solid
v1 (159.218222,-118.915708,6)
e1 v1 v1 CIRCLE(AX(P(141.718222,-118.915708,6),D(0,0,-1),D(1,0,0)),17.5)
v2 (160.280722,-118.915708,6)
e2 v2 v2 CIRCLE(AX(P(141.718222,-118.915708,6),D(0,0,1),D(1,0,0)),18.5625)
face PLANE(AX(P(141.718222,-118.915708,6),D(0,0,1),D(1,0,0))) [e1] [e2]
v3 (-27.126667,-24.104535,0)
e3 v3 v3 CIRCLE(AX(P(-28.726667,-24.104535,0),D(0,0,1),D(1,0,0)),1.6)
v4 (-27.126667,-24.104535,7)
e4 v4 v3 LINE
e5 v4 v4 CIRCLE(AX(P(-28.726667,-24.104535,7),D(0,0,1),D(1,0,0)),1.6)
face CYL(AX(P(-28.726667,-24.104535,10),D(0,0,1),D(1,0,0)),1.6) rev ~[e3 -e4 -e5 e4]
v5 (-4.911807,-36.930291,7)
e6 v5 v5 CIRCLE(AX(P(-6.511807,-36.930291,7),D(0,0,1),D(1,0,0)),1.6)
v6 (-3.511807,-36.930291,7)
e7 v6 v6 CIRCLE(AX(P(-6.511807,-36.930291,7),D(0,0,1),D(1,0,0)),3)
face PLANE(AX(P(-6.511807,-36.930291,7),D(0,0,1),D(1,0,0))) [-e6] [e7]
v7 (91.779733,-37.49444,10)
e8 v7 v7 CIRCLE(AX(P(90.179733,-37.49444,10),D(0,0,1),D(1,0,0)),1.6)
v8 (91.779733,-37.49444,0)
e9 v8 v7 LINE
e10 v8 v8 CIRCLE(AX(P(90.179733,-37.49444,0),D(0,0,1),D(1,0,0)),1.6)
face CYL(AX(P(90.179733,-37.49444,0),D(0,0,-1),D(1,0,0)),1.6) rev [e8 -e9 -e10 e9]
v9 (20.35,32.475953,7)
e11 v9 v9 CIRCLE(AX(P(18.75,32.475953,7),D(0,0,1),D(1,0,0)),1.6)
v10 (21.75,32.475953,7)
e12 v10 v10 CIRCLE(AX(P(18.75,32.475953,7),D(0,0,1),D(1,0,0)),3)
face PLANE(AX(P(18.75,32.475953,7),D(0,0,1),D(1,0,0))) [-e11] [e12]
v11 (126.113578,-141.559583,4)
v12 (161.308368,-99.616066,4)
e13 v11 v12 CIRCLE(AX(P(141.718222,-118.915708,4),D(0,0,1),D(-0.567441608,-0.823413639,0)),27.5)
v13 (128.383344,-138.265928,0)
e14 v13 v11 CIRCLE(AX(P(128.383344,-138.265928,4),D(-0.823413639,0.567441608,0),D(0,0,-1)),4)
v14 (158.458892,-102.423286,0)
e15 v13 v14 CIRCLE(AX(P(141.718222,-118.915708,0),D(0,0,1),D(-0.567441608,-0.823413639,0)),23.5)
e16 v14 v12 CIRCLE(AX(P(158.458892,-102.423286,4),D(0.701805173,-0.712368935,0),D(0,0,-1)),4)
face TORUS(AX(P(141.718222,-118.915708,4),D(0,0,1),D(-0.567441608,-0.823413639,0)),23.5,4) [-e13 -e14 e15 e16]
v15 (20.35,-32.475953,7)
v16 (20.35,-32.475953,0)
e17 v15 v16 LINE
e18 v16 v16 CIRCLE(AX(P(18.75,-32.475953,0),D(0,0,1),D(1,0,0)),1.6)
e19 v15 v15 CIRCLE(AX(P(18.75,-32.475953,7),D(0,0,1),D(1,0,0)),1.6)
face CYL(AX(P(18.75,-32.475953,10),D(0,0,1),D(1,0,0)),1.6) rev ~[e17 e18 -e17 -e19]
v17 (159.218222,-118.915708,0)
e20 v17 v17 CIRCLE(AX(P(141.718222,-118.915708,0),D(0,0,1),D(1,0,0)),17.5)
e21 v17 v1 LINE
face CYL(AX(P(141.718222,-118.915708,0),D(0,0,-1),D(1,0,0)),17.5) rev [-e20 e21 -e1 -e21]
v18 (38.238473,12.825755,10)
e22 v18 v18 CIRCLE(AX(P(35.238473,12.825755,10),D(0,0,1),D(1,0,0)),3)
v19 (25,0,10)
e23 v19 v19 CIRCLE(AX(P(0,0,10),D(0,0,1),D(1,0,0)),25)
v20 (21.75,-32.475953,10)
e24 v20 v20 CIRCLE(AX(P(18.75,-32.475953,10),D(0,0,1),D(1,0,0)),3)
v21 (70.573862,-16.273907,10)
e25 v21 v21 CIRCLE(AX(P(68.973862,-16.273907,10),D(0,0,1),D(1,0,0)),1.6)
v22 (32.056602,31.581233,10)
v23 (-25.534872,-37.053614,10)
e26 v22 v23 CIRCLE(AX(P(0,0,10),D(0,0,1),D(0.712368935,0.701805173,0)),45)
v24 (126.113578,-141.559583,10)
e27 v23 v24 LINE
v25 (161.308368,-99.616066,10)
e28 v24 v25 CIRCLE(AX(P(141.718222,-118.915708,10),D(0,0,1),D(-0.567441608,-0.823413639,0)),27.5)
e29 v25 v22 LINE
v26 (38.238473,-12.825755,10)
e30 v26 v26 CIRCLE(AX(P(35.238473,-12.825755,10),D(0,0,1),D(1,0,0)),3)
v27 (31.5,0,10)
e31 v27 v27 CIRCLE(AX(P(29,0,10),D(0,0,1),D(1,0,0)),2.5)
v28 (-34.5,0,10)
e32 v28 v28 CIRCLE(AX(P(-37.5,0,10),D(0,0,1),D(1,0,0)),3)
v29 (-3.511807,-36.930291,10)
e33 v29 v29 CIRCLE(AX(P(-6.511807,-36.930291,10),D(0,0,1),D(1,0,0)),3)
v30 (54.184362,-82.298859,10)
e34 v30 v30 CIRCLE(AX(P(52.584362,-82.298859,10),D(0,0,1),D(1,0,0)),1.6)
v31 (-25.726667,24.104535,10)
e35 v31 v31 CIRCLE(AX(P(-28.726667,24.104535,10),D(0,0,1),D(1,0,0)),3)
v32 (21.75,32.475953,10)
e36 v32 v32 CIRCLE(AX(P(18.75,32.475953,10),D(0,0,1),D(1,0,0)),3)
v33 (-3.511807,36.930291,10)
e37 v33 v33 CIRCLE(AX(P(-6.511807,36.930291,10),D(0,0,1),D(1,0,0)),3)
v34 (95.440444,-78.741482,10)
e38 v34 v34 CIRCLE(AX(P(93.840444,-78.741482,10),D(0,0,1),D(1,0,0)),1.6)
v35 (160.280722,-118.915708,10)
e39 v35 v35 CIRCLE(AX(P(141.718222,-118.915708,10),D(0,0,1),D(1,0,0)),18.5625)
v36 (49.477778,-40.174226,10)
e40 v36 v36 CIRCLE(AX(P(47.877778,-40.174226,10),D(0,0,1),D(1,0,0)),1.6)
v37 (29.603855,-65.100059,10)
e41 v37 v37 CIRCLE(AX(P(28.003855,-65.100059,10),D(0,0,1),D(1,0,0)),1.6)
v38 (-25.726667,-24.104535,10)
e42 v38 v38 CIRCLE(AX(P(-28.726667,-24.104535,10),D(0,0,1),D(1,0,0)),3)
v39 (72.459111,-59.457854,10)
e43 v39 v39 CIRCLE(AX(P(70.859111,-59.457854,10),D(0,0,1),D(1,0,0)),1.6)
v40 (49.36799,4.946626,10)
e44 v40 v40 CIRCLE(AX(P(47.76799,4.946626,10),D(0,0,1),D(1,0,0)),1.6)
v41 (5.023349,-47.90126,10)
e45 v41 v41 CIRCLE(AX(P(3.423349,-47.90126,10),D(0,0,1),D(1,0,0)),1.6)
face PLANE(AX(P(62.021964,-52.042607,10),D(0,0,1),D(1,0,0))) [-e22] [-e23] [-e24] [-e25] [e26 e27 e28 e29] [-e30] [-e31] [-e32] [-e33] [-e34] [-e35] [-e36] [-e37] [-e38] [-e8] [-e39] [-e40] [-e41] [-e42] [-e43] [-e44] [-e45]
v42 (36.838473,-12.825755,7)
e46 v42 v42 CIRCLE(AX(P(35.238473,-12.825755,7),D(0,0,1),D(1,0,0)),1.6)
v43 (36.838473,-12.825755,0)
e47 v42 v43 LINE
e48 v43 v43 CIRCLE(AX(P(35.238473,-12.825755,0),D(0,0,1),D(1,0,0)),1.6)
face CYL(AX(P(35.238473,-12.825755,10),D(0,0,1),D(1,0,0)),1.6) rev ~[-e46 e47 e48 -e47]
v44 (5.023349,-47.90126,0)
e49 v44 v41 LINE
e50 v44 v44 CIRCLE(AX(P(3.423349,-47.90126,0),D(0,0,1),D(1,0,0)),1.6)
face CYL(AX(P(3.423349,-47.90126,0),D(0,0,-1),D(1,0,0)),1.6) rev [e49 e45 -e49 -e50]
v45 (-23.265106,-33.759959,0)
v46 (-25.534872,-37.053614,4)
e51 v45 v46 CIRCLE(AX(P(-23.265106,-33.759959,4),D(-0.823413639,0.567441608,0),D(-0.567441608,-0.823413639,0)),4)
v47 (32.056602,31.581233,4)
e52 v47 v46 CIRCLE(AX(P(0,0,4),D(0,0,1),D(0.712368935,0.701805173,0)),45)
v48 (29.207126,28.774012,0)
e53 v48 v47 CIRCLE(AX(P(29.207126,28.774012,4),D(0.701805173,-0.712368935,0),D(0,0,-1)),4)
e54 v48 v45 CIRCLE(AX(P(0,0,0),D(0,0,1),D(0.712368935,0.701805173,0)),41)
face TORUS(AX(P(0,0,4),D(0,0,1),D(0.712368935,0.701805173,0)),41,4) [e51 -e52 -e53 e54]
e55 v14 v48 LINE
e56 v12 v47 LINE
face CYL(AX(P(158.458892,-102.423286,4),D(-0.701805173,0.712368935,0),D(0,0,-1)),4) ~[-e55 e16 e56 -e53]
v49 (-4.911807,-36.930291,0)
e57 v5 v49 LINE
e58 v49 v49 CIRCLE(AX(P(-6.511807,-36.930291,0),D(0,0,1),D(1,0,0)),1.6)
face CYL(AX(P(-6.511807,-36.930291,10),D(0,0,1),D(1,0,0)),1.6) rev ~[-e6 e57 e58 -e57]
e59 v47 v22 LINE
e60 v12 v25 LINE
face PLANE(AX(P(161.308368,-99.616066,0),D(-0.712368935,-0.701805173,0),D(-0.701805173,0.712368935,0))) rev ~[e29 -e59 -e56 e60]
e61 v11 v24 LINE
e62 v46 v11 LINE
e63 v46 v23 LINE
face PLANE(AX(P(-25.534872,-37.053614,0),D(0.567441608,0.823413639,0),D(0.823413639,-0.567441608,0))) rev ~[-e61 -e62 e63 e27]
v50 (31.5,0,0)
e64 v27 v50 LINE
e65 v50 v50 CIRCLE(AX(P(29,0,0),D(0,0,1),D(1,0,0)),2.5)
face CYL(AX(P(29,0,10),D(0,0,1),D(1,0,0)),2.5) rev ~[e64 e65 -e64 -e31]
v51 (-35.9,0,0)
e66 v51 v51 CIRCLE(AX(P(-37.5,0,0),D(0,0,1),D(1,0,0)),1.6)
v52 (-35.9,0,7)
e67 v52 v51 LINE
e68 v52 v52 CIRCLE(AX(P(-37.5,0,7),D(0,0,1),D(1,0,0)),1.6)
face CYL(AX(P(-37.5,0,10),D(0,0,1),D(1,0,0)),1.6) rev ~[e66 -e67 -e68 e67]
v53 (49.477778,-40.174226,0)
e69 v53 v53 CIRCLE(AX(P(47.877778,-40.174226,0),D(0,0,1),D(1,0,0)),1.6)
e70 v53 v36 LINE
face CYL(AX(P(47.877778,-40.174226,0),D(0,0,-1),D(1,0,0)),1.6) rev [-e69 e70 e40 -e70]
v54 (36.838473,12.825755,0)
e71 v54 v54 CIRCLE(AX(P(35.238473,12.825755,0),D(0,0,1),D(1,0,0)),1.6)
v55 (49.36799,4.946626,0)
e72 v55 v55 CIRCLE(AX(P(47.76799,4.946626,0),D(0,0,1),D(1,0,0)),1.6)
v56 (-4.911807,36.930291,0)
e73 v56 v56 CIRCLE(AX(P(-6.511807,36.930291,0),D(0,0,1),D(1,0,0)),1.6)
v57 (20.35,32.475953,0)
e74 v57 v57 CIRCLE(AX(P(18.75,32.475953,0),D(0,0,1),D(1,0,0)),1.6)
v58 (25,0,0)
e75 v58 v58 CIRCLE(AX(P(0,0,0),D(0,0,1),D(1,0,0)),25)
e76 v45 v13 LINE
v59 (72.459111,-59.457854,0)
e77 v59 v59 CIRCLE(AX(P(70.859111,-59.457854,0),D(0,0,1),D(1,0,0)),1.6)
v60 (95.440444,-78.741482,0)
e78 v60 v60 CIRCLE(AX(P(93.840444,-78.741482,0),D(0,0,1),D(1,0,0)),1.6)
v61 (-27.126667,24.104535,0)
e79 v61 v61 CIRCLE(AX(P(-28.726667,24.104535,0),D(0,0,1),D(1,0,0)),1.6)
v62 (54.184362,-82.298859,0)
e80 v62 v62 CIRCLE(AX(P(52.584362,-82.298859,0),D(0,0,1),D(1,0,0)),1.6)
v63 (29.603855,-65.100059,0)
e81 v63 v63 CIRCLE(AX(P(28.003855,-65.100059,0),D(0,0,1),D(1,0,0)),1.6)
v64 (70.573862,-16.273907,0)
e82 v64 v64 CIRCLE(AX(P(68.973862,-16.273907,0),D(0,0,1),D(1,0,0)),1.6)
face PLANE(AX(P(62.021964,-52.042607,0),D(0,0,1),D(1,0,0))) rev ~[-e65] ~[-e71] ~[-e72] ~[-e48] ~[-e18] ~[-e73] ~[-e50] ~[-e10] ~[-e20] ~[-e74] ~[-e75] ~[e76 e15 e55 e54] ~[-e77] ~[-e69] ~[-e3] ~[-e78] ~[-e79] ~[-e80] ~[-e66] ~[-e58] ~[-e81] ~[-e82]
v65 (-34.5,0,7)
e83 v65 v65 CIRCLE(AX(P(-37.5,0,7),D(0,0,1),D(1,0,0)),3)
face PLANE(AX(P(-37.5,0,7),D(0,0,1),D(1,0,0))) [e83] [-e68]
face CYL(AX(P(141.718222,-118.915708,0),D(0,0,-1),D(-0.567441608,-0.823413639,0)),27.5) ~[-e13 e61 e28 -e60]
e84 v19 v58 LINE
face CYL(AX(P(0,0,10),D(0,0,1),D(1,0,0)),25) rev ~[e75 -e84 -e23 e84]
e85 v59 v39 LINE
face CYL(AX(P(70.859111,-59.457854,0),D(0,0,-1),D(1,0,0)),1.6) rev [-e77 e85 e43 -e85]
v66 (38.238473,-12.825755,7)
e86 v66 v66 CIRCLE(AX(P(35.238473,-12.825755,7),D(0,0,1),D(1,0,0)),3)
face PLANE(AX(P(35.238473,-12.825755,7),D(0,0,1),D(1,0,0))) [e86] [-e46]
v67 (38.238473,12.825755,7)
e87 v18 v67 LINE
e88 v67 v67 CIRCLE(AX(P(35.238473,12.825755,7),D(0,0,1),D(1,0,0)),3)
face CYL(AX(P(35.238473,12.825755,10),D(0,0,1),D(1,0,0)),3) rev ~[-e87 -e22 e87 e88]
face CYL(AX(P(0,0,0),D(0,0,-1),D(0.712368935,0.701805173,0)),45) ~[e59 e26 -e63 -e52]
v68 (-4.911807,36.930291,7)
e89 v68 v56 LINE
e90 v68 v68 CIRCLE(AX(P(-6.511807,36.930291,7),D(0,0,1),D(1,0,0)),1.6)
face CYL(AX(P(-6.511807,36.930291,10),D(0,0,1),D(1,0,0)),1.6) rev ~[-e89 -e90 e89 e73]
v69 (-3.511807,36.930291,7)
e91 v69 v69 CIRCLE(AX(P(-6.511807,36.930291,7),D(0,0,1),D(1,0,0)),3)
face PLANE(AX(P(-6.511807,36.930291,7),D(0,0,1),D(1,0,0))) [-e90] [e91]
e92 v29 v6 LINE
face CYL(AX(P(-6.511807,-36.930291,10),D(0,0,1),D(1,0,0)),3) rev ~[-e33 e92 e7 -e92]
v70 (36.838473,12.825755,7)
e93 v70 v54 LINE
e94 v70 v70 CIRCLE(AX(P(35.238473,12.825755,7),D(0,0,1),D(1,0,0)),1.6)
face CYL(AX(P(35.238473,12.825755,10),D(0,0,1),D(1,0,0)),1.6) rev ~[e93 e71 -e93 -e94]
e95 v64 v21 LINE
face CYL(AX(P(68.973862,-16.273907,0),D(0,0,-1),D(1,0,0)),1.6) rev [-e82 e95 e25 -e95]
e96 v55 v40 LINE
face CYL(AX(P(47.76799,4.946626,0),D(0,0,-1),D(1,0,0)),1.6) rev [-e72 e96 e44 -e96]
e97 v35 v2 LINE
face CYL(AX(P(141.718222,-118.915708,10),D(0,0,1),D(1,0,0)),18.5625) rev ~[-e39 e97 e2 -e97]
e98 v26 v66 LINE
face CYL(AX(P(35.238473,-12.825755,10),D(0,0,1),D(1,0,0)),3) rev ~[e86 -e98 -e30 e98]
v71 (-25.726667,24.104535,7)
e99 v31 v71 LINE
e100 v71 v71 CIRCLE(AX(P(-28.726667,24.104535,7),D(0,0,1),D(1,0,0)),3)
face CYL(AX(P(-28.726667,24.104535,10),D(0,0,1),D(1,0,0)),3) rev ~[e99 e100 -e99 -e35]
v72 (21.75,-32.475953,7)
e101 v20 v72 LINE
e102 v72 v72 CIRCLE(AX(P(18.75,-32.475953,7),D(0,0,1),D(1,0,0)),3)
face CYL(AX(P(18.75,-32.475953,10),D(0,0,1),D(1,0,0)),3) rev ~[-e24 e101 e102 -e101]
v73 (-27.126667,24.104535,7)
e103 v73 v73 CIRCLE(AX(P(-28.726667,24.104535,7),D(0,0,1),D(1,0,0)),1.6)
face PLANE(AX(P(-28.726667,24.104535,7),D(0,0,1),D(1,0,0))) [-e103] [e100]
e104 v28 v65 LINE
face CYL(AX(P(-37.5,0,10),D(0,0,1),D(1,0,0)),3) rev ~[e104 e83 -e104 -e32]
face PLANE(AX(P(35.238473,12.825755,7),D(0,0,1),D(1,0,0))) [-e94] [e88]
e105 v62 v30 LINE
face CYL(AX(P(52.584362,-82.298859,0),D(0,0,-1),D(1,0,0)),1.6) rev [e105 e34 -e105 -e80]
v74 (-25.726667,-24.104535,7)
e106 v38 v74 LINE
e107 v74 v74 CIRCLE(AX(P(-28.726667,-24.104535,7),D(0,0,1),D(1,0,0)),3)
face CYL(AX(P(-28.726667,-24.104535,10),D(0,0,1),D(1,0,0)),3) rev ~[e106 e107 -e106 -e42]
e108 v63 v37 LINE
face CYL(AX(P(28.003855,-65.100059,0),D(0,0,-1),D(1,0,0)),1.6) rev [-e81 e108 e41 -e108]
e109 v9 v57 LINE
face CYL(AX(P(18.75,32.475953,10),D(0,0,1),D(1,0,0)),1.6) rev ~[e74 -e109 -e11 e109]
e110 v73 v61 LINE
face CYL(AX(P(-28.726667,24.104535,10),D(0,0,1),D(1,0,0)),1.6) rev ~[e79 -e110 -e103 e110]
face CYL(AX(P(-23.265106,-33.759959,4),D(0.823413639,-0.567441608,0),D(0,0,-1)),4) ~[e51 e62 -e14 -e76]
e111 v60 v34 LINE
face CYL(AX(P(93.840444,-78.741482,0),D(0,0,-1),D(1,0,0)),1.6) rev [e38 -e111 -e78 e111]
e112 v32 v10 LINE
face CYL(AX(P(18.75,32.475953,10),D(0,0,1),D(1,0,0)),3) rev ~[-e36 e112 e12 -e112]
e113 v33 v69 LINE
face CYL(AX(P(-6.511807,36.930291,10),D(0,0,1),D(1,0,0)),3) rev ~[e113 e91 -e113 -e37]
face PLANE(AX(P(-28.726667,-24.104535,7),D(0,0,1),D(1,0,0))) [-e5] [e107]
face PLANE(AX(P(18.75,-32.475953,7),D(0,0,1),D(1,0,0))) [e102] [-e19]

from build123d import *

# Parameters (mm, degrees)
SKETCH1_R           = 17.5
SKETCH1_R_2         = 1.6
BOSS_EXTRUDE1_DEPTH = 10
SKETCH2_R           = 25
SKETCH2_R_2         = 2.5
SKETCH2_R_3         = 1.6
CUT_EXTRUDE1_DEPTH  = 224.991888552
SKETCH3_R           = 18.5625
CUT_EXTRUDE2_DEPTH  = 4
SKETCH4_R           = 3
CUT_EXTRUDE3_DEPTH  = 3
FILLET1_R           = 4


with BuildPart() as part:
    # Sketch1 → Boss-Extrude1 (new body)
    with BuildSketch(Plane.XY):
        with BuildLine():
            Line((-25.534872354, -37.053613776), (126.113577761, -141.559582877))
            ThreePointArc((126.113577761, -141.559582877), (162.784444163, -136.592367058), (161.308367688, -99.616065541))
            Line((161.308367688, -99.616065541), (32.056602073, 31.581232775))
            ThreePointArc((32.056602073, 31.581232775), (-34.47199994, 28.925442436), (-25.534872354, -37.053613776))
        make_face()
        with Locations((141.718221977, -118.915707792)):
            Circle(SKETCH1_R, mode=Mode.SUBTRACT)
        with Locations((70.859110989, -59.457853896)):
            Circle(SKETCH1_R_2, mode=Mode.SUBTRACT)
        with Locations((93.840444282, -78.741482187)):
            Circle(SKETCH1_R_2, mode=Mode.SUBTRACT)
        with Locations((47.877777695, -40.174225605)):
            Circle(SKETCH1_R_2, mode=Mode.SUBTRACT)
        with Locations((47.767990244, 4.946625931)):
            Circle(SKETCH1_R_2, mode=Mode.SUBTRACT)
        with Locations((3.423348889, -47.901259716)):
            Circle(SKETCH1_R_2, mode=Mode.SUBTRACT)
        with Locations((68.973861607, -16.273907044)):
            Circle(SKETCH1_R_2, mode=Mode.SUBTRACT)
        with Locations((90.17973297, -37.494440018)):
            Circle(SKETCH1_R_2, mode=Mode.SUBTRACT)
        with Locations((28.003855203, -65.100059364)):
            Circle(SKETCH1_R_2, mode=Mode.SUBTRACT)
        with Locations((52.584361518, -82.298859012)):
            Circle(SKETCH1_R_2, mode=Mode.SUBTRACT)
    extrude(amount=BOSS_EXTRUDE1_DEPTH)

    # Sketch2 → Cut-Extrude1 (cut, through all)
    with BuildSketch(Plane.XY.offset(10)):
        Circle(SKETCH2_R)
        with Locations((29, 0)):
            Circle(SKETCH2_R_2)
        with Locations((-37.5, 0)):
            Circle(SKETCH2_R_3)
        with Locations((-28.726666617, 24.104535363)):
            Circle(SKETCH2_R_3)
        with Locations((-6.511806663, 36.930290738)):
            Circle(SKETCH2_R_3)
        with Locations((18.75, 32.475952642)):
            Circle(SKETCH2_R_3)
        with Locations((35.238473279, 12.825755375)):
            Circle(SKETCH2_R_3)
        with Locations((35.238473279, -12.825755375)):
            Circle(SKETCH2_R_3)
        with Locations((18.75, -32.475952642)):
            Circle(SKETCH2_R_3)
        with Locations((-6.511806663, -36.930290738)):
            Circle(SKETCH2_R_3)
        with Locations((-28.726666617, -24.104535363)):
            Circle(SKETCH2_R_3)
    extrude(amount=-CUT_EXTRUDE1_DEPTH, mode=Mode.SUBTRACT)

    # Sketch3 → Cut-Extrude2 (cut)
    with BuildSketch(Plane.XY.offset(10)):
        with Locations((141.718221977, -118.915707792)):
            Circle(SKETCH3_R)
    extrude(amount=-CUT_EXTRUDE2_DEPTH, mode=Mode.SUBTRACT)

    # Sketch4 → Cut-Extrude3 (cut)
    with BuildSketch(Plane.XY.offset(10)):
        with Locations((-28.726666617, 24.104535363)):
            Circle(SKETCH4_R)
        with Locations((-6.511806663, 36.930290738)):
            Circle(SKETCH4_R)
        with Locations((18.75, 32.475952642)):
            Circle(SKETCH4_R)
        with Locations((35.238473279, 12.825755375)):
            Circle(SKETCH4_R)
        with Locations((35.238473279, -12.825755375)):
            Circle(SKETCH4_R)
        with Locations((18.75, -32.475952642)):
            Circle(SKETCH4_R)
        with Locations((-6.511806663, -36.930290738)):
            Circle(SKETCH4_R)
        with Locations((-28.726666617, -24.104535363)):
            Circle(SKETCH4_R)
        with Locations((-37.5, 0)):
            Circle(SKETCH4_R)
    extrude(amount=-CUT_EXTRUDE3_DEPTH, mode=Mode.SUBTRACT)

    # Fillet1
    fillet1_edges = [part.edges().sort_by_distance(p)[0] for p in [
        (96.68248488, -34.017416383, 0),
        (162.784444163, -136.592367058, 0),
        (50.289352703, -89.306598327, 0),
        (-34.47199994, 28.925442436, 0),
    ]]
    fillet(fillet1_edges, radius=FILLET1_R)


solid = part.part
